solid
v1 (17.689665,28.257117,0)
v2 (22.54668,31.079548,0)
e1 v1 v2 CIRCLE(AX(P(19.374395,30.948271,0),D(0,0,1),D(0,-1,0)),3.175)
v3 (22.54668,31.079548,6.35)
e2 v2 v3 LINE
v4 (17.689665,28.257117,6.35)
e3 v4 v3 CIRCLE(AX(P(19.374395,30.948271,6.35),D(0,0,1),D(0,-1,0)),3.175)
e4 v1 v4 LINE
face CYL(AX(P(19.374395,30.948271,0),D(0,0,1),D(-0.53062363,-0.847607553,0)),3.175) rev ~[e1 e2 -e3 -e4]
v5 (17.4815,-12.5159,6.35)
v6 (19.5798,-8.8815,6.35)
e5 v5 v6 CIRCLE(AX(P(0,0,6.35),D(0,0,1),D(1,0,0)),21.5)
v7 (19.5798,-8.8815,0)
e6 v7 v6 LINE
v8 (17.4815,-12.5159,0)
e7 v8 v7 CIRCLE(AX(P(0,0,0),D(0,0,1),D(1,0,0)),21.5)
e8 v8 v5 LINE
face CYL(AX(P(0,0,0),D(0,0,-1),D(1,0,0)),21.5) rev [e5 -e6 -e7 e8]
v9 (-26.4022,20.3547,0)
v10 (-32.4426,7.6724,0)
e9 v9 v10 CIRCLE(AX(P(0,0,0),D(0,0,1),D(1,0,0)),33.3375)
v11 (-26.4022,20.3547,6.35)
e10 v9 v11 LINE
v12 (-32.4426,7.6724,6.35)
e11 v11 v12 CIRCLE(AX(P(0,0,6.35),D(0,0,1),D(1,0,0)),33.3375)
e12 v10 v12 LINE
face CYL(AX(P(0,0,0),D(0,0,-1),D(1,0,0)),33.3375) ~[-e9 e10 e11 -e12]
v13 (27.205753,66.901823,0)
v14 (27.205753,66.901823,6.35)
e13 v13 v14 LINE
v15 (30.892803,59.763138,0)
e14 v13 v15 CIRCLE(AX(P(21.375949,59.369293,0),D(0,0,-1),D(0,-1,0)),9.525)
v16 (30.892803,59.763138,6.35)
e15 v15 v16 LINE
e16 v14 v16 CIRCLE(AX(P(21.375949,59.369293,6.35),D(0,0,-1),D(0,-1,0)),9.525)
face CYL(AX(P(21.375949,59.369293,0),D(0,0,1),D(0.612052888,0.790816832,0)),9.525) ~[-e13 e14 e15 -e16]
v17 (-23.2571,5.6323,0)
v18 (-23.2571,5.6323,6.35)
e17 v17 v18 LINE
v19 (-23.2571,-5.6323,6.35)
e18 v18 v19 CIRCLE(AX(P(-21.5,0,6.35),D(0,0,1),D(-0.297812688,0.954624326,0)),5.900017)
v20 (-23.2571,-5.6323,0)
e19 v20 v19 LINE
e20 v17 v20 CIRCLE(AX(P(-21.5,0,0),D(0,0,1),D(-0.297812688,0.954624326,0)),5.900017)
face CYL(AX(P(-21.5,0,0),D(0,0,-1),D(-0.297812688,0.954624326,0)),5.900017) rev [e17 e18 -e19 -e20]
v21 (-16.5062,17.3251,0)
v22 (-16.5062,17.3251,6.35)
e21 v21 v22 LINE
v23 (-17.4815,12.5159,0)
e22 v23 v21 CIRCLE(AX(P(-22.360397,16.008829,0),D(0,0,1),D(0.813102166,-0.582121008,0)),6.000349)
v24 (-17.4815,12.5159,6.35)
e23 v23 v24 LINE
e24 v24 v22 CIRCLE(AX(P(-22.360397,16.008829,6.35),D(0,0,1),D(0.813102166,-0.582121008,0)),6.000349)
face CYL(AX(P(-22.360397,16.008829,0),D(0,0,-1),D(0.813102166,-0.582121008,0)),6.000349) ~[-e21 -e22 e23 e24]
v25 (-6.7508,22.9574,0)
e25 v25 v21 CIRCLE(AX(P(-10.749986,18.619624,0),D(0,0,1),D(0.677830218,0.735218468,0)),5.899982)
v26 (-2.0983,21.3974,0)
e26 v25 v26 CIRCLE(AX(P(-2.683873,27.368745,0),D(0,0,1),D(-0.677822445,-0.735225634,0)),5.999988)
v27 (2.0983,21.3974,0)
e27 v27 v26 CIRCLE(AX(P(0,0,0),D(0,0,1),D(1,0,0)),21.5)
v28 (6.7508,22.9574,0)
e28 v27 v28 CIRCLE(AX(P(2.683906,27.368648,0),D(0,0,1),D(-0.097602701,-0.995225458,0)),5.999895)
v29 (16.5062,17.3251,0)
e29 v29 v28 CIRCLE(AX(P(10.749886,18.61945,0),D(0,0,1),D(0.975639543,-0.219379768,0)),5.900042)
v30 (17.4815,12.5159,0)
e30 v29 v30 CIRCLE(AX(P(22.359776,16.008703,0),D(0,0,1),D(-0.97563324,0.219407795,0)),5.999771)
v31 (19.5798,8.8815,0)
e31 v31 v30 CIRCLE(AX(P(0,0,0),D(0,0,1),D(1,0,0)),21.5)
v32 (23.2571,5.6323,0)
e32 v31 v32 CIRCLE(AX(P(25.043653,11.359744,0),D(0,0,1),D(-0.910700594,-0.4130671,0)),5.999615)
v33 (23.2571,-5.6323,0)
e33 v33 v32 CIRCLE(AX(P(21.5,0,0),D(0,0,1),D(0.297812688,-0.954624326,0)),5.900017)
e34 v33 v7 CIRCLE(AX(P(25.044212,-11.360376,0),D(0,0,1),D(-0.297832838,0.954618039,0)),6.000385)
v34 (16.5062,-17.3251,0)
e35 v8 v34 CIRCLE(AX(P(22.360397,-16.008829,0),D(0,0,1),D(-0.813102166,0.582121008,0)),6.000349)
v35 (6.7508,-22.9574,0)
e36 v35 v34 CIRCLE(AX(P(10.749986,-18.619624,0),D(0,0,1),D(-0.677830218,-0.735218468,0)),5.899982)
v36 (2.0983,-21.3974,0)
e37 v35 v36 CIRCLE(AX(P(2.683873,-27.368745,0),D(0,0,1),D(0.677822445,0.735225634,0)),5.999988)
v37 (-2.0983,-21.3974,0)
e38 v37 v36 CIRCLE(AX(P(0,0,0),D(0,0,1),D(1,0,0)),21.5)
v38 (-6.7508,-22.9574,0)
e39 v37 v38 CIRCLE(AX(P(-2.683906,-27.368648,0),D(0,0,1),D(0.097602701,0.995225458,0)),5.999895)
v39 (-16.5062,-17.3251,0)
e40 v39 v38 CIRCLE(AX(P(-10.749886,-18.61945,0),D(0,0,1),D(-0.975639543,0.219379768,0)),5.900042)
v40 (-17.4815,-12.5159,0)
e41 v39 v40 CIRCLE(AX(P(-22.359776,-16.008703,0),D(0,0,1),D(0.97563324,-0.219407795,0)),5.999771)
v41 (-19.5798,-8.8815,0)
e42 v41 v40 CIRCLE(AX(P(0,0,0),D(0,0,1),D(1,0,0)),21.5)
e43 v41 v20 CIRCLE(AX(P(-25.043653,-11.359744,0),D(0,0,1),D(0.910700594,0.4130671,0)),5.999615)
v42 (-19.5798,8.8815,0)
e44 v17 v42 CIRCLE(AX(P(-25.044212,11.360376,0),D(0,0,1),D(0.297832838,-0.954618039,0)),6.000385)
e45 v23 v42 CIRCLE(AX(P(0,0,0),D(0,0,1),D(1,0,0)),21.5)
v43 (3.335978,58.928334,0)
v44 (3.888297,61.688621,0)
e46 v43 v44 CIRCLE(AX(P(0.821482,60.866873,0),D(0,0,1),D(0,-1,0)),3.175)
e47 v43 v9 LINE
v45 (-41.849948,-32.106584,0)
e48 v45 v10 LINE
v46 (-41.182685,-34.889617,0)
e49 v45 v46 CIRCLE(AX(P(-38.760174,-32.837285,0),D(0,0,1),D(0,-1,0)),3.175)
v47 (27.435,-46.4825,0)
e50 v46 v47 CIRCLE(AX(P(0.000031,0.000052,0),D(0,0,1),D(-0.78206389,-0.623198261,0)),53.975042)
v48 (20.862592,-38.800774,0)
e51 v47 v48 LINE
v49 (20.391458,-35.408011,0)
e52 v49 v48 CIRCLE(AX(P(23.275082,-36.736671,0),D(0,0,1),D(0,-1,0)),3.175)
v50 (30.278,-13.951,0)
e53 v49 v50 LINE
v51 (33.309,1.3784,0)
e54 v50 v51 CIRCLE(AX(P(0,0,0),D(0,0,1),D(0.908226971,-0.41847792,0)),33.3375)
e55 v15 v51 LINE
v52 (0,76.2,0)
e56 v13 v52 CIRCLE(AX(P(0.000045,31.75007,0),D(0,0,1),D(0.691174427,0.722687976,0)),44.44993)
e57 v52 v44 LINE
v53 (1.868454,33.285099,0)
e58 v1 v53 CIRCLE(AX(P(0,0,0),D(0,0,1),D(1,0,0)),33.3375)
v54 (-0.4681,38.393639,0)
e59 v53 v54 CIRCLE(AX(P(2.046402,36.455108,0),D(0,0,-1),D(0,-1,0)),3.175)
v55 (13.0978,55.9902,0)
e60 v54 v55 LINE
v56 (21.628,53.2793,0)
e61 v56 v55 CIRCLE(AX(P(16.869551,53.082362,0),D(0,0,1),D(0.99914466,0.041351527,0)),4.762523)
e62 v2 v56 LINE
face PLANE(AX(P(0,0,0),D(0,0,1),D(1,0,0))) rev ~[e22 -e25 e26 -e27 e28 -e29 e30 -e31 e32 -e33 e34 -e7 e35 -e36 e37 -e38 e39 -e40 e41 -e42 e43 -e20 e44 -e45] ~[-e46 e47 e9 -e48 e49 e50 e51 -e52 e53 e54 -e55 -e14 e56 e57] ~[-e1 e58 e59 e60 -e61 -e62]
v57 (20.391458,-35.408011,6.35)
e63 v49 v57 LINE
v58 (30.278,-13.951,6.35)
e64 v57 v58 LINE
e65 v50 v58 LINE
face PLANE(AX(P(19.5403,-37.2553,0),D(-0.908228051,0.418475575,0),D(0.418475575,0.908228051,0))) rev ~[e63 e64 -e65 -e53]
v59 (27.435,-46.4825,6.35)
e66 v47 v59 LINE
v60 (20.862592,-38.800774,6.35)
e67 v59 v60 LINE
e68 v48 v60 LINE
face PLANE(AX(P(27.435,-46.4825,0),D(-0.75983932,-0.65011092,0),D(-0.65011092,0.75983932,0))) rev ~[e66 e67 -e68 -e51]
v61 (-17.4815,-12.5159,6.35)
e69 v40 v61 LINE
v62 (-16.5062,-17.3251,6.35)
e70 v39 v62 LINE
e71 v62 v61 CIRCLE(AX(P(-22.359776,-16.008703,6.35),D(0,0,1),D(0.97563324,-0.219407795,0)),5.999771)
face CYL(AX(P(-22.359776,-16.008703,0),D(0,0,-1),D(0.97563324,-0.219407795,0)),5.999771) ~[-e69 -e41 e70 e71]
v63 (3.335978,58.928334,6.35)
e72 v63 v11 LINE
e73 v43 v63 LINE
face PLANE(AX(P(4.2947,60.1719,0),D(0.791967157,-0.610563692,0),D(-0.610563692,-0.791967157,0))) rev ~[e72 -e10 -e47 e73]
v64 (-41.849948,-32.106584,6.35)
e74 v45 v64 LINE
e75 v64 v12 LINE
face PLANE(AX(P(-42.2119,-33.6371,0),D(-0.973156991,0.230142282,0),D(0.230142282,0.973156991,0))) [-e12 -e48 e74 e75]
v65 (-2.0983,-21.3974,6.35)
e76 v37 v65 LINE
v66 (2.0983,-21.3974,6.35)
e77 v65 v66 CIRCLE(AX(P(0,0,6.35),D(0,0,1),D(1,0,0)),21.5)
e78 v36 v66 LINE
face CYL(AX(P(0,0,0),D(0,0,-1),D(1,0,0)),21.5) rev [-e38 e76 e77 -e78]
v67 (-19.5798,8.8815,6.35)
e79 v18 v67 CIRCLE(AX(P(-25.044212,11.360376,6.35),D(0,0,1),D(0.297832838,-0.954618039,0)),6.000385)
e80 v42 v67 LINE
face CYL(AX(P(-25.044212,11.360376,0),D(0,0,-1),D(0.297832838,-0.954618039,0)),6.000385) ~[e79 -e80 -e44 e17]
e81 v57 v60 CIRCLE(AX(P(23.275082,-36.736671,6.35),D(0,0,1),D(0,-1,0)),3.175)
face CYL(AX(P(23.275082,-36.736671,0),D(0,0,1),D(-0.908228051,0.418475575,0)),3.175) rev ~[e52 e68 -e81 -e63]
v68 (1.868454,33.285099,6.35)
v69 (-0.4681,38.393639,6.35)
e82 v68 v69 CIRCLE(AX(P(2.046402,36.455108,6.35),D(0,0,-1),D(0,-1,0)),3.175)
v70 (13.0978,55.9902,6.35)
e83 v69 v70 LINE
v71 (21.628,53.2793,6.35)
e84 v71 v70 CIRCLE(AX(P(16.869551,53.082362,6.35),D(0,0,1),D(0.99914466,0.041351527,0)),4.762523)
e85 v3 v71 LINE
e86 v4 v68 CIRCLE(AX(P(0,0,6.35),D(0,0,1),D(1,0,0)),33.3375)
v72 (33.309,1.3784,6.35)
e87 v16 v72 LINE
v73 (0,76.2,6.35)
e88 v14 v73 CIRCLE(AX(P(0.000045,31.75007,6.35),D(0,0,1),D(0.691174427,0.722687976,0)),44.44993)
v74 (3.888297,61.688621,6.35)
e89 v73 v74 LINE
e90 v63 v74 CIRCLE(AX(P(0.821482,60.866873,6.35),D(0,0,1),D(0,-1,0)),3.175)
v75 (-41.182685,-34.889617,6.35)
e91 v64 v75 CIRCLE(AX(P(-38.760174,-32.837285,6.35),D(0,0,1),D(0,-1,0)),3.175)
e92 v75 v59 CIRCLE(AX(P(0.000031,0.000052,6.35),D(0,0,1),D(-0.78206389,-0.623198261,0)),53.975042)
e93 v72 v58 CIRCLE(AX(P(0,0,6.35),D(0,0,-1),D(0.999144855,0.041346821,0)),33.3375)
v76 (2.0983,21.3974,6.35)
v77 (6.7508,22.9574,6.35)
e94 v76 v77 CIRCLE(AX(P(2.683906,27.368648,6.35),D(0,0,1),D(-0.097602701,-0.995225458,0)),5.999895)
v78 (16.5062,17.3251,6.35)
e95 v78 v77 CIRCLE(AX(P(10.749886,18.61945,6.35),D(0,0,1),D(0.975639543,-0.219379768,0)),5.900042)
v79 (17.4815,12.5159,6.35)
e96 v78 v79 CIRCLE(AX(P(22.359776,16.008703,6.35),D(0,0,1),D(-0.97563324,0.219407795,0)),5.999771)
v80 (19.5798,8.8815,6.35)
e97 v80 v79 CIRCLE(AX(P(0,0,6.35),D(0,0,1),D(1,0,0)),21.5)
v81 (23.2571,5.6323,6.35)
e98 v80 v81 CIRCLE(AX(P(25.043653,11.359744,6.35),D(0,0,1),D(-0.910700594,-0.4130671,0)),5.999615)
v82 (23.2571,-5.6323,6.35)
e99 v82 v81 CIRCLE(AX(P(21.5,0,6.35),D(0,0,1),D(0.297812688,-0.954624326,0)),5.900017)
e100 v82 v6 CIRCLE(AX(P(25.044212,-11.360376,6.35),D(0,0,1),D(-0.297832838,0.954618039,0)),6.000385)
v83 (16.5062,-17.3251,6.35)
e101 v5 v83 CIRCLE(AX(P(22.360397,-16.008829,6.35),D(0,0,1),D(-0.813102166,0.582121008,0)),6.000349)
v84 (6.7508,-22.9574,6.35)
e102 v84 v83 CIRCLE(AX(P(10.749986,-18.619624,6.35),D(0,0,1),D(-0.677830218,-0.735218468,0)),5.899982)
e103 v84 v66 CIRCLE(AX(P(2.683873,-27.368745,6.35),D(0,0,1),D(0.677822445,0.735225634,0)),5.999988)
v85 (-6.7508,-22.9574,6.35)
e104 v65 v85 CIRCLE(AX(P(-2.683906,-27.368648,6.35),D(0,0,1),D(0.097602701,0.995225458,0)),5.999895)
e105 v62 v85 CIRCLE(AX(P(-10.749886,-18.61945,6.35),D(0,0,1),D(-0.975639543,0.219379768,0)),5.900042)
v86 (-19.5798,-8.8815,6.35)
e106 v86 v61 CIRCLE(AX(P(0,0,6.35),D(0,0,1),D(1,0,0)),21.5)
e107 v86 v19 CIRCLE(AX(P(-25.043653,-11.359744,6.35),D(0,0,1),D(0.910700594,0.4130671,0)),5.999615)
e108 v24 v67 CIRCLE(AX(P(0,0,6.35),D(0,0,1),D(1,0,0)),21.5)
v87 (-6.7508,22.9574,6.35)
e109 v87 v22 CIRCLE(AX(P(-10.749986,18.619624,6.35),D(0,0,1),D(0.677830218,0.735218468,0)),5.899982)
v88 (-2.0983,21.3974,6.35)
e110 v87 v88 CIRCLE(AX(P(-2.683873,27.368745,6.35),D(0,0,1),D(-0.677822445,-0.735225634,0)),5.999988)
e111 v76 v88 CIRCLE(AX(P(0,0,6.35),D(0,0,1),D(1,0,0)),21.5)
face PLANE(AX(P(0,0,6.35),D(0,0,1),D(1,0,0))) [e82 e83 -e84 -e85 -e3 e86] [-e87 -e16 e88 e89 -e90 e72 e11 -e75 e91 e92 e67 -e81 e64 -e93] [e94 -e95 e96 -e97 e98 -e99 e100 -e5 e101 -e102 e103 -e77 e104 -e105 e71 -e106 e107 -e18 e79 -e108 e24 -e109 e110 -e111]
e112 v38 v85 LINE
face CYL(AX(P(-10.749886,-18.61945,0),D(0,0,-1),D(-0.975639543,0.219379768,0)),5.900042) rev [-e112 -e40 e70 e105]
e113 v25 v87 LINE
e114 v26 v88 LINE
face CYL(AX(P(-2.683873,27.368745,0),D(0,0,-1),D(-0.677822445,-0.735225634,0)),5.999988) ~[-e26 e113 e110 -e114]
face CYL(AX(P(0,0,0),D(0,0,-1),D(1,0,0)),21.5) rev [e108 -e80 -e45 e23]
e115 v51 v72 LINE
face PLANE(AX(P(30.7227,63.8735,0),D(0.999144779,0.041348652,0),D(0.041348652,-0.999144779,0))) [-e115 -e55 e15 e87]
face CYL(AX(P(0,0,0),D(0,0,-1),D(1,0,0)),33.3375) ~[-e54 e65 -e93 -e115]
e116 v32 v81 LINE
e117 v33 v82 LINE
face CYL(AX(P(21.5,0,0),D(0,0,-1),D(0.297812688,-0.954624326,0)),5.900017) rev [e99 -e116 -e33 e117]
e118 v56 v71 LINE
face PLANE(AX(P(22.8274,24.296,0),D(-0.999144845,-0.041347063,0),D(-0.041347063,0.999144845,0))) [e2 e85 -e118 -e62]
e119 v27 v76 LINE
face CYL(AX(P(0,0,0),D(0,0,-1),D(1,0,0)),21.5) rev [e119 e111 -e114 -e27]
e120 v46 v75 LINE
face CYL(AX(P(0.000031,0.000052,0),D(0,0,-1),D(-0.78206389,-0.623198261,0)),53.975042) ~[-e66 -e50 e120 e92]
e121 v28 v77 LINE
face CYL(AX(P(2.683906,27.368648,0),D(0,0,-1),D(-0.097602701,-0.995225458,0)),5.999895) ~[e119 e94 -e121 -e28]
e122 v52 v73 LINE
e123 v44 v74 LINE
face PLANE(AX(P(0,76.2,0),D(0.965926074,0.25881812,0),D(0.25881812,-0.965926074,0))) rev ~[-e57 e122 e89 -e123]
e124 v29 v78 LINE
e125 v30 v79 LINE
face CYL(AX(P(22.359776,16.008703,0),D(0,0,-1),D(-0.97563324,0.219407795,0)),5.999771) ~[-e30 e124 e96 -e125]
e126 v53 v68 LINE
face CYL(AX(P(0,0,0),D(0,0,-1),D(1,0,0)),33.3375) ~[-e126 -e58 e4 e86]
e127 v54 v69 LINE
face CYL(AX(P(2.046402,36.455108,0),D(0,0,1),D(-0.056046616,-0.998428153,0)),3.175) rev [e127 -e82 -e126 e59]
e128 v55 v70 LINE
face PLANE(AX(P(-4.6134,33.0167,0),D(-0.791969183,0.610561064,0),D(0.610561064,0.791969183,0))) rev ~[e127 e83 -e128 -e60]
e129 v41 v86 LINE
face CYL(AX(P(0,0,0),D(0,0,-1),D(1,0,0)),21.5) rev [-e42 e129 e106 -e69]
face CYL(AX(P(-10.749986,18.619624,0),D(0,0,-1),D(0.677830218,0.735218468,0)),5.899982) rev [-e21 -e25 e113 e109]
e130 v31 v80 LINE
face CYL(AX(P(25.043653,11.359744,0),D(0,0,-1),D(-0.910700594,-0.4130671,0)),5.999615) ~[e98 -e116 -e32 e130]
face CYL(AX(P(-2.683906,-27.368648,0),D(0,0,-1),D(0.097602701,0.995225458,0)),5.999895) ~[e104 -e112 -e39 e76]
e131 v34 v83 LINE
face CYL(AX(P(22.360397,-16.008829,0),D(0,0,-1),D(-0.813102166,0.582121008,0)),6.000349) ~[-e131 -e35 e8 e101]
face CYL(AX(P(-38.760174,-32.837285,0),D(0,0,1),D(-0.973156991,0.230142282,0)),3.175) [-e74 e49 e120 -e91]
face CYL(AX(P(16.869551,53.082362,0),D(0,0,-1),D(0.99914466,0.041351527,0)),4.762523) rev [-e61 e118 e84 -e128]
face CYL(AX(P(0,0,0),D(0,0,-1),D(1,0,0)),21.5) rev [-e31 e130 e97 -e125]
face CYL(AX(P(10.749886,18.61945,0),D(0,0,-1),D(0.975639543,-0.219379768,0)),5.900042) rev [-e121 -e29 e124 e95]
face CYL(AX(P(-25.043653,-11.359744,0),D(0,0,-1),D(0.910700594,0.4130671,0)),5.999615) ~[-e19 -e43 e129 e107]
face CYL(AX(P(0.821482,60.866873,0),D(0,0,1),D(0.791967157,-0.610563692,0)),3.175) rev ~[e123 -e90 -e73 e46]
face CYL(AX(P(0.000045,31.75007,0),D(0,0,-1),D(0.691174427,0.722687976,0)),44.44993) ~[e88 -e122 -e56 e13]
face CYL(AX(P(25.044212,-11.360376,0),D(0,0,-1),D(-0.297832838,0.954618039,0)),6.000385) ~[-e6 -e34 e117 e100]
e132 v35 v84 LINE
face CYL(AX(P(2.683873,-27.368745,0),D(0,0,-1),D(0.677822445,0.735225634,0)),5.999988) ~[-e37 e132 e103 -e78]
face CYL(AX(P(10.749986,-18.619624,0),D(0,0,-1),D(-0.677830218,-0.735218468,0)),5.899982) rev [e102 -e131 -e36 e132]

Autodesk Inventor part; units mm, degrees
ref_plane "YZ Plane" through (0, 0, 0) normal (1, 0, 0) x (0, 1, 0)
ref_plane "XZ Plane" through (0, 0, 0) normal (0, 1, 0) x (-1, 0, 0)
ref_plane "XY Plane" through (0, 0, 0) normal (0, 0, 1) x (1, 0, 0)
sketch "Sketch1" plane through (0, 0, 0) normal (0, 0, 1) x (1, 0, 0)
  circle A0 centre (0, 0) radius 76.2 construction
  circle A1 centre (0, 0) radius 21.5
  circle A2 centre (0, 0) radius 21.5 construction
  circle A3 centre (0, 0) radius 33.3375
  line L0 (0, 76.2) -> (0, 0) construction
  line L1 (0, 76.2) -> (4.2947, 60.1719)
  line L2 (4.2947, 60.1719) -> (-26.4022, 20.3547)
  circle A4 centre (0, 0) radius 60.325 construction
  arc A5 (30.7227, 63.8735) -> (0, 76.2) centre (0, 31.75) ccw
  line L3 (30.7227, 63.8735) -> (33.309, 1.3784)
  circle A6 centre (0, 0) radius 53.975 construction
  line L4 (27.435, -46.4825) -> (0, 0) construction
  line L5 (27.435, -46.4825) -> (19.5403, -37.2553)
  line L6 (19.5403, -37.2553) -> (30.278, -13.951)
  circle A7 centre (0, 0) radius 42.0688 construction
  arc A8 (-42.2119, -33.6371) -> (27.435, -46.4825) centre (0, 0) ccw
  line L7 (-42.2119, -33.6371) -> (-32.4426, 7.6724)
  line L8 (-42.2119, -33.6371) -> (0, 0) construction
  line L9 (-4.6134, 33.0167) -> (13.0978, 55.9902)
  line L10 (22.8274, 24.296) -> (21.628, 53.2793)
  arc A9 (21.628, 53.2793) -> (13.0978, 55.9902) centre (16.8696, 53.0824) ccw
  line L11 (0, 0) -> (-10.75, 18.6195) construction
  arc A10 (-6.7508, 22.9574) -> (-16.5062, 17.3251) centre (-10.75, 18.6195) ccw
  arc A11 (-17.4815, 12.5159) -> (-16.5062, 17.3251) centre (-22.3601, 16.0087) ccw
  arc A12 (-6.7508, 22.9574) -> (-2.0983, 21.3974) centre (-2.6839, 27.3687) ccw
  arc A13 (16.5062, 17.3251) -> (17.4815, 12.5159) centre (22.3601, 16.0087) ccw
  arc A14 (16.5062, 17.3251) -> (6.7508, 22.9574) centre (10.75, 18.6195) ccw
  arc A15 (2.0983, 21.3974) -> (6.7508, 22.9574) centre (2.6839, 27.3687) ccw
  arc A16 (23.2571, -5.6323) -> (19.5798, -8.8815) centre (25.044, -11.36) ccw
  arc A17 (23.2571, -5.6323) -> (23.2571, 5.6323) centre (21.5, 0) ccw
  arc A18 (19.5798, 8.8815) -> (23.2571, 5.6323) centre (25.044, 11.36) ccw
  arc A19 (6.7508, -22.9574) -> (2.0983, -21.3974) centre (2.6839, -27.3687) ccw
  arc A20 (6.7508, -22.9574) -> (16.5062, -17.3251) centre (10.75, -18.6195) ccw
  arc A21 (17.4815, -12.5159) -> (16.5062, -17.3251) centre (22.3601, -16.0087) ccw
  arc A22 (-16.5062, -17.3251) -> (-17.4815, -12.5159) centre (-22.3601, -16.0087) ccw
  arc A23 (-16.5062, -17.3251) -> (-6.7508, -22.9574) centre (-10.75, -18.6195) ccw
  arc A24 (-2.0983, -21.3974) -> (-6.7508, -22.9574) centre (-2.6839, -27.3687) ccw
  arc A25 (-23.2571, 5.6323) -> (-19.5798, 8.8815) centre (-25.044, 11.36) ccw
  arc A26 (-23.2571, 5.6323) -> (-23.2571, -5.6323) centre (-21.5, 0) ccw
  arc A27 (-19.5798, -8.8815) -> (-23.2571, -5.6323) centre (-25.044, -11.36) ccw
  point P0 (25.3939, -0.9713)
  point P1 (-23.0466, 22.3171)
  point P2 (-2.0983, 21.3974)
  point P3 (2.0983, 21.3974)
  point P4 (17.4815, 12.5159)
  point P5 (19.5798, -8.8815)
  point P6 (2.0983, -21.3974)
  point P7 (-2.0983, -21.3974)
  point P8 (-17.4815, -12.5159)
  point P9 (-19.5798, -8.8815)
  point P10 (-19.5798, 8.8815)
  dimension "d0" = 152.4
  dimension "d14" = 15.875
  dimension "d17" = 84.1375
  dimension "d1" = 43
  dimension "d2" = 43
  dimension "d8" = 66.675
  dimension "d9" = 15
  dimension "d11" = 44.45
  dimension "d12" = 40
  dimension "d15" = 107.95
  dimension "d16" = 10
  dimension "d18" = 30.55
  dimension "d19" = 82
  dimension "d28" = 9.525
  dimension "d29" = 9.525
  dimension "d30" = 4.7625
  dimension "d46" = 11.8
  dimension "d47" = 6
  dimension "d48" = 30
  dimension "d51" = 360
extrude "Extrusion1" add sketch "Sketch1" along normal blind 6.35 contours A3 | A3 L10 A9 L9 L2 L1 A5 L3 | L6 L5 A8 L7 A3
fillet "Fillet1" radius 3.175 4 edges at (19.5403, -37.2553, 3.175) (4.2947, 60.1719, 3.175) (-4.6134, 33.0167, 3.175) (22.8274, 24.296, 3.175)
fillet "Fillet3" radius 3.175 1 edges at (-42.2119, -33.6371, 3.175)
sketch "Sketch2" plane through (0, 0, 6.35) normal (0, 0, 1) x (1, 0, 0)
  arc A0 (30.7227, 63.8735) -> (0, 76.2) centre (0, 31.75) ccw construction
  circle A1 centre (0, 0) radius 76.2 construction
fillet "Fillet4" radius 9.525 1 edges at (30.7227, 63.8735, 3.175)
equation "\"d29\" = d28"
properties part number "Blade" material "Steel, Alloy"
